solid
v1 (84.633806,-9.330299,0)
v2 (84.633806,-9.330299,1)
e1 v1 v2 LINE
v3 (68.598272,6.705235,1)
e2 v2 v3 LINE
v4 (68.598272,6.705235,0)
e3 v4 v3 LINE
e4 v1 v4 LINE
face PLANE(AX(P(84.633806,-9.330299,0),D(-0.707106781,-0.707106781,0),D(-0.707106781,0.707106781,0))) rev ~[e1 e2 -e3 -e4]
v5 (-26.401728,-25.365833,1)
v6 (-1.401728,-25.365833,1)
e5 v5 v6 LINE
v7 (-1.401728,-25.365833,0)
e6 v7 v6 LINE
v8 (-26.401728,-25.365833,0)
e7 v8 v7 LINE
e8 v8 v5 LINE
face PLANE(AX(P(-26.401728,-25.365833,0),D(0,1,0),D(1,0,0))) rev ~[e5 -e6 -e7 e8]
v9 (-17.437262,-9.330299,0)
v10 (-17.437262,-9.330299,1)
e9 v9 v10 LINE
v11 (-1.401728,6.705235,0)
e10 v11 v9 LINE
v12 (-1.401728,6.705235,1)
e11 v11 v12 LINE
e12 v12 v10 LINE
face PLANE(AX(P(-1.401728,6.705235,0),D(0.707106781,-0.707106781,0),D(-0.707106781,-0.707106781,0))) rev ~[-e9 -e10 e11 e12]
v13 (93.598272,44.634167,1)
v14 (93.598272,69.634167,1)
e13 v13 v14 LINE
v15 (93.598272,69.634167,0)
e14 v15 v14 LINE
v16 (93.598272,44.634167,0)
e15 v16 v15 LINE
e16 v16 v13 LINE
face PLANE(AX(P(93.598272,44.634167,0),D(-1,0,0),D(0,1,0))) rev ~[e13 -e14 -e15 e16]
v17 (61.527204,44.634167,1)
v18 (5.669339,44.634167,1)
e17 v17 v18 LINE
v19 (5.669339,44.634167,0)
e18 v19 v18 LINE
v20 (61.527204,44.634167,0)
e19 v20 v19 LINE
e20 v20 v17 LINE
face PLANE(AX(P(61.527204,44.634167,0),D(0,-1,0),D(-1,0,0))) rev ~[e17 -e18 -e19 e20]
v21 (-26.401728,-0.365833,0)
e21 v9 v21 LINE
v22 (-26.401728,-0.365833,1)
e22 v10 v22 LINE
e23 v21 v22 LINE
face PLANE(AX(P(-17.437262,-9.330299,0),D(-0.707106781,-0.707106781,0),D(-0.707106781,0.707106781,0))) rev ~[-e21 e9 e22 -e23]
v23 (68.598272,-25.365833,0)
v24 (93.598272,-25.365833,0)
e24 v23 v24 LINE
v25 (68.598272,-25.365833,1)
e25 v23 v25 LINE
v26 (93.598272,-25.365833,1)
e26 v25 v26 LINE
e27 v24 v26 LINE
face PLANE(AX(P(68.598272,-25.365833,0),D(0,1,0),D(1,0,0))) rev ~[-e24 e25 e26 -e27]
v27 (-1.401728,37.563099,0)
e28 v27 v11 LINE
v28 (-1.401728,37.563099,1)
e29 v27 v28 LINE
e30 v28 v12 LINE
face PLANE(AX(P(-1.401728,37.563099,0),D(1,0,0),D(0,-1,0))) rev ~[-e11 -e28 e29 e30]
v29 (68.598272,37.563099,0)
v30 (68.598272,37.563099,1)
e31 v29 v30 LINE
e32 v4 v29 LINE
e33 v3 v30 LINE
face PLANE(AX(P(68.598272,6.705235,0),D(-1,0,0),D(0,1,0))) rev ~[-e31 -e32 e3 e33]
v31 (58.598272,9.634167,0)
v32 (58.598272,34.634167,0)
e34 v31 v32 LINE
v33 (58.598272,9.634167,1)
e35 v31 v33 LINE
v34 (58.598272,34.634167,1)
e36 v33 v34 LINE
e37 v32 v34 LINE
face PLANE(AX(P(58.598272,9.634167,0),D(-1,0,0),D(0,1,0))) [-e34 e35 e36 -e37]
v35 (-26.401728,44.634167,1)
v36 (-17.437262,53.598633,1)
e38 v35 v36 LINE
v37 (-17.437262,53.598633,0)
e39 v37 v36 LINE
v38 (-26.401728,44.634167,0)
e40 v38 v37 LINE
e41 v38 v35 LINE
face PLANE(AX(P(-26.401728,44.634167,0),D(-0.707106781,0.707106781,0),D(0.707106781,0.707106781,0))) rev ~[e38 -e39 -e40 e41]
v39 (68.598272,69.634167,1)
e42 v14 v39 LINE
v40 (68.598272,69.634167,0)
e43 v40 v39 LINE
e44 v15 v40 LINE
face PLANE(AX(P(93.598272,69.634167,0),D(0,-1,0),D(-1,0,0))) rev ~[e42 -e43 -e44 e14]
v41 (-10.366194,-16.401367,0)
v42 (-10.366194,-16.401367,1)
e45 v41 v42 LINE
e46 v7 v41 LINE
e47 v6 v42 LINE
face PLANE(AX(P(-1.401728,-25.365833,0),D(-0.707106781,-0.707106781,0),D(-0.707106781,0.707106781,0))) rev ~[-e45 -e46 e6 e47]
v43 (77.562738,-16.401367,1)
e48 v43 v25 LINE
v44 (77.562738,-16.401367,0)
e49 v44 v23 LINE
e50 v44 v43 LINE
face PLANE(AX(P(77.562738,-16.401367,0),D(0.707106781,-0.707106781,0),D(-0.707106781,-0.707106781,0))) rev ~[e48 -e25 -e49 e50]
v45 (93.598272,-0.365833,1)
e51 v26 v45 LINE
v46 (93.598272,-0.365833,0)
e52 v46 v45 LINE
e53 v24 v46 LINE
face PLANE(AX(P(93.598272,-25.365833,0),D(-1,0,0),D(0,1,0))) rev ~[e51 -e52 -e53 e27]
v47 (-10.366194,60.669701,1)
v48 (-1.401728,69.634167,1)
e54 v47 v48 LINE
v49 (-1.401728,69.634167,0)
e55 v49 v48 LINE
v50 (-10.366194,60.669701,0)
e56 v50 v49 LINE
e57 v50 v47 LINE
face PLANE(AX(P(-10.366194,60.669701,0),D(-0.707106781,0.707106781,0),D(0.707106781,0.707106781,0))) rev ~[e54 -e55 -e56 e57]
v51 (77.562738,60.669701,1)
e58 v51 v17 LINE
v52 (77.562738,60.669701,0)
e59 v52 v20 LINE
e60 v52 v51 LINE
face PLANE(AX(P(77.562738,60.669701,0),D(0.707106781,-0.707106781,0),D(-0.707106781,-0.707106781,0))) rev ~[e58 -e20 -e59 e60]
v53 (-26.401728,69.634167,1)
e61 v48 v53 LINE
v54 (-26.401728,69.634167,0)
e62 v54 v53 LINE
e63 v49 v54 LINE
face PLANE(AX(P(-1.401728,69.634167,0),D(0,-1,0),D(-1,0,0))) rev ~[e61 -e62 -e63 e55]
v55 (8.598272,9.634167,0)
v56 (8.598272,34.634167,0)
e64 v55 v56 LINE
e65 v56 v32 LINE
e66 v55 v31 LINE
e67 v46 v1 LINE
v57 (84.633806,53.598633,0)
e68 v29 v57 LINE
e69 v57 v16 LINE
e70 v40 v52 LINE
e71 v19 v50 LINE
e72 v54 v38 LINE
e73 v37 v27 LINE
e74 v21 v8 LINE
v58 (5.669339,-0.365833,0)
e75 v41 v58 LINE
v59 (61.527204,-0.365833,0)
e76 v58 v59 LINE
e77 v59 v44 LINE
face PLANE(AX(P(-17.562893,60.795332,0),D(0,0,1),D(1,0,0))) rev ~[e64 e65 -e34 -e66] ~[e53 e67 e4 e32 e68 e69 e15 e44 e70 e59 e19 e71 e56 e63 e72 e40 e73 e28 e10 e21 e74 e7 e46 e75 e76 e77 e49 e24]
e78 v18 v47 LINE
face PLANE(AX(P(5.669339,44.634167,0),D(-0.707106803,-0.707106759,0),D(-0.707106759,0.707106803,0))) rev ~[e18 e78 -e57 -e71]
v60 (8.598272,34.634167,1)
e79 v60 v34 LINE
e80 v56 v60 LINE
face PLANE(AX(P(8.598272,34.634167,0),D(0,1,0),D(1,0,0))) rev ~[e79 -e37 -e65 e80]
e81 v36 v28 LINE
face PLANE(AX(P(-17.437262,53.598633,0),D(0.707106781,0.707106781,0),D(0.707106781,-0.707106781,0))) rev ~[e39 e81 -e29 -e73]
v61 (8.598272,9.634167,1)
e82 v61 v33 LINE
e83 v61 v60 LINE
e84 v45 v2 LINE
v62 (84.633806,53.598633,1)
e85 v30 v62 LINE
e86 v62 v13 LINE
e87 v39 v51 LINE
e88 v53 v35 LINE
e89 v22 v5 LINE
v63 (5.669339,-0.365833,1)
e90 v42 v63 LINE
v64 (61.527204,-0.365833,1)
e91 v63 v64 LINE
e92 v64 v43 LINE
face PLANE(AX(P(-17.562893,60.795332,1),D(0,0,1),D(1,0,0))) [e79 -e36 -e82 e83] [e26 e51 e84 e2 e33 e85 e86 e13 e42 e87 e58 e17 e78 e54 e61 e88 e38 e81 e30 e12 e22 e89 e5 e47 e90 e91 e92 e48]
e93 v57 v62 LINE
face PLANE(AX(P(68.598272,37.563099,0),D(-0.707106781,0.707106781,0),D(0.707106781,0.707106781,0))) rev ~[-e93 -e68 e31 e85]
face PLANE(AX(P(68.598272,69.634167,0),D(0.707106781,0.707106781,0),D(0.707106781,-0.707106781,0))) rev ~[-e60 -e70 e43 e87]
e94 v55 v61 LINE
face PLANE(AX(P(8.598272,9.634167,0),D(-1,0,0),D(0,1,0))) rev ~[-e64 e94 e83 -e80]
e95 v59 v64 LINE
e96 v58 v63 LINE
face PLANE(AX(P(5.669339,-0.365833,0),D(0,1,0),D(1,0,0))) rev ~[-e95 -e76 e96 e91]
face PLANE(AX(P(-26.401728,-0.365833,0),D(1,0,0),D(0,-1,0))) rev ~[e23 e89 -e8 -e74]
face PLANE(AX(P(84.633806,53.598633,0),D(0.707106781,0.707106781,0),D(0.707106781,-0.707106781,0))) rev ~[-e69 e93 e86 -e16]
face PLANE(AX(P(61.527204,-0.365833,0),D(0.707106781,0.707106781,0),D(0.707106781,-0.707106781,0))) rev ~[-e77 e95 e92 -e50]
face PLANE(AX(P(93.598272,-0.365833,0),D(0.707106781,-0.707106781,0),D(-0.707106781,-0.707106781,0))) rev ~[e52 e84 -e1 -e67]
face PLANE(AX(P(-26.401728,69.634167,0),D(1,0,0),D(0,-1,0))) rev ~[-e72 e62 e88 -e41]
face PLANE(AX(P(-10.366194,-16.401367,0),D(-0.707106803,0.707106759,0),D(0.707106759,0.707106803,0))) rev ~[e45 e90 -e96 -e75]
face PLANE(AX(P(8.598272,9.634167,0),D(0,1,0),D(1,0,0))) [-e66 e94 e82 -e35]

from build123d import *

# Parameters (mm, degrees)
F0_W     = 50
F0_H     = 25
F1_DEPTH = 1


with BuildPart() as f1:
    # F0 (on Top) → F1 (new body)
    with BuildSketch(Plane.XY):
        Polygon((-1.401728, 69.634167), (-26.401728, 69.634167), (-26.401728, 44.634167), (-17.437262, 53.598633), (-10.366194, 60.669701), align=None)
        Polygon((5.669339, 44.634167), (-10.366194, 60.669701), (-17.437262, 53.598633), (-1.401728, 37.563099), (-1.401728, 44.634167), align=None)
        Polygon((61.527204, 44.634167), (5.669339, 44.634167), (-1.401728, 44.634167), (-1.401728, 37.563099), (-1.401728, 6.705235), (-1.401728, -0.365833), (5.669339, -0.365833), (61.527204, -0.365833), (68.598272, -0.365833), (68.598272, 6.705235), (68.598272, 37.563099), (68.598272, 44.634167), align=None)
        with Locations((33.598272, 22.134167)):
            Rectangle(F0_W, F0_H, mode=Mode.SUBTRACT)
        Polygon((77.562738, 60.669701), (61.527204, 44.634167), (68.598272, 44.634167), (68.598272, 37.563099), (84.633806, 53.598633), align=None)
        Polygon((-1.401728, -0.365833), (-1.401728, 6.705235), (-17.437262, -9.330299), (-10.366194, -16.401367), (5.669339, -0.365833), align=None)
        Polygon((68.598272, 69.634167), (77.562738, 60.669701), (84.633806, 53.598633), (93.598272, 44.634167), (93.598272, 69.634167), align=None)
        Polygon((-10.366194, -16.401367), (-17.437262, -9.330299), (-26.401728, -0.365833), (-26.401728, -25.365833), (-1.401728, -25.365833), align=None)
        Polygon((84.633806, -9.330299), (68.598272, 6.705235), (68.598272, -0.365833), (61.527204, -0.365833), (77.562738, -16.401367), align=None)
        Polygon((93.598272, -0.365833), (84.633806, -9.330299), (77.562738, -16.401367), (68.598272, -25.365833), (93.598272, -25.365833), align=None)
    extrude(amount=F1_DEPTH)


solid = f1.part
